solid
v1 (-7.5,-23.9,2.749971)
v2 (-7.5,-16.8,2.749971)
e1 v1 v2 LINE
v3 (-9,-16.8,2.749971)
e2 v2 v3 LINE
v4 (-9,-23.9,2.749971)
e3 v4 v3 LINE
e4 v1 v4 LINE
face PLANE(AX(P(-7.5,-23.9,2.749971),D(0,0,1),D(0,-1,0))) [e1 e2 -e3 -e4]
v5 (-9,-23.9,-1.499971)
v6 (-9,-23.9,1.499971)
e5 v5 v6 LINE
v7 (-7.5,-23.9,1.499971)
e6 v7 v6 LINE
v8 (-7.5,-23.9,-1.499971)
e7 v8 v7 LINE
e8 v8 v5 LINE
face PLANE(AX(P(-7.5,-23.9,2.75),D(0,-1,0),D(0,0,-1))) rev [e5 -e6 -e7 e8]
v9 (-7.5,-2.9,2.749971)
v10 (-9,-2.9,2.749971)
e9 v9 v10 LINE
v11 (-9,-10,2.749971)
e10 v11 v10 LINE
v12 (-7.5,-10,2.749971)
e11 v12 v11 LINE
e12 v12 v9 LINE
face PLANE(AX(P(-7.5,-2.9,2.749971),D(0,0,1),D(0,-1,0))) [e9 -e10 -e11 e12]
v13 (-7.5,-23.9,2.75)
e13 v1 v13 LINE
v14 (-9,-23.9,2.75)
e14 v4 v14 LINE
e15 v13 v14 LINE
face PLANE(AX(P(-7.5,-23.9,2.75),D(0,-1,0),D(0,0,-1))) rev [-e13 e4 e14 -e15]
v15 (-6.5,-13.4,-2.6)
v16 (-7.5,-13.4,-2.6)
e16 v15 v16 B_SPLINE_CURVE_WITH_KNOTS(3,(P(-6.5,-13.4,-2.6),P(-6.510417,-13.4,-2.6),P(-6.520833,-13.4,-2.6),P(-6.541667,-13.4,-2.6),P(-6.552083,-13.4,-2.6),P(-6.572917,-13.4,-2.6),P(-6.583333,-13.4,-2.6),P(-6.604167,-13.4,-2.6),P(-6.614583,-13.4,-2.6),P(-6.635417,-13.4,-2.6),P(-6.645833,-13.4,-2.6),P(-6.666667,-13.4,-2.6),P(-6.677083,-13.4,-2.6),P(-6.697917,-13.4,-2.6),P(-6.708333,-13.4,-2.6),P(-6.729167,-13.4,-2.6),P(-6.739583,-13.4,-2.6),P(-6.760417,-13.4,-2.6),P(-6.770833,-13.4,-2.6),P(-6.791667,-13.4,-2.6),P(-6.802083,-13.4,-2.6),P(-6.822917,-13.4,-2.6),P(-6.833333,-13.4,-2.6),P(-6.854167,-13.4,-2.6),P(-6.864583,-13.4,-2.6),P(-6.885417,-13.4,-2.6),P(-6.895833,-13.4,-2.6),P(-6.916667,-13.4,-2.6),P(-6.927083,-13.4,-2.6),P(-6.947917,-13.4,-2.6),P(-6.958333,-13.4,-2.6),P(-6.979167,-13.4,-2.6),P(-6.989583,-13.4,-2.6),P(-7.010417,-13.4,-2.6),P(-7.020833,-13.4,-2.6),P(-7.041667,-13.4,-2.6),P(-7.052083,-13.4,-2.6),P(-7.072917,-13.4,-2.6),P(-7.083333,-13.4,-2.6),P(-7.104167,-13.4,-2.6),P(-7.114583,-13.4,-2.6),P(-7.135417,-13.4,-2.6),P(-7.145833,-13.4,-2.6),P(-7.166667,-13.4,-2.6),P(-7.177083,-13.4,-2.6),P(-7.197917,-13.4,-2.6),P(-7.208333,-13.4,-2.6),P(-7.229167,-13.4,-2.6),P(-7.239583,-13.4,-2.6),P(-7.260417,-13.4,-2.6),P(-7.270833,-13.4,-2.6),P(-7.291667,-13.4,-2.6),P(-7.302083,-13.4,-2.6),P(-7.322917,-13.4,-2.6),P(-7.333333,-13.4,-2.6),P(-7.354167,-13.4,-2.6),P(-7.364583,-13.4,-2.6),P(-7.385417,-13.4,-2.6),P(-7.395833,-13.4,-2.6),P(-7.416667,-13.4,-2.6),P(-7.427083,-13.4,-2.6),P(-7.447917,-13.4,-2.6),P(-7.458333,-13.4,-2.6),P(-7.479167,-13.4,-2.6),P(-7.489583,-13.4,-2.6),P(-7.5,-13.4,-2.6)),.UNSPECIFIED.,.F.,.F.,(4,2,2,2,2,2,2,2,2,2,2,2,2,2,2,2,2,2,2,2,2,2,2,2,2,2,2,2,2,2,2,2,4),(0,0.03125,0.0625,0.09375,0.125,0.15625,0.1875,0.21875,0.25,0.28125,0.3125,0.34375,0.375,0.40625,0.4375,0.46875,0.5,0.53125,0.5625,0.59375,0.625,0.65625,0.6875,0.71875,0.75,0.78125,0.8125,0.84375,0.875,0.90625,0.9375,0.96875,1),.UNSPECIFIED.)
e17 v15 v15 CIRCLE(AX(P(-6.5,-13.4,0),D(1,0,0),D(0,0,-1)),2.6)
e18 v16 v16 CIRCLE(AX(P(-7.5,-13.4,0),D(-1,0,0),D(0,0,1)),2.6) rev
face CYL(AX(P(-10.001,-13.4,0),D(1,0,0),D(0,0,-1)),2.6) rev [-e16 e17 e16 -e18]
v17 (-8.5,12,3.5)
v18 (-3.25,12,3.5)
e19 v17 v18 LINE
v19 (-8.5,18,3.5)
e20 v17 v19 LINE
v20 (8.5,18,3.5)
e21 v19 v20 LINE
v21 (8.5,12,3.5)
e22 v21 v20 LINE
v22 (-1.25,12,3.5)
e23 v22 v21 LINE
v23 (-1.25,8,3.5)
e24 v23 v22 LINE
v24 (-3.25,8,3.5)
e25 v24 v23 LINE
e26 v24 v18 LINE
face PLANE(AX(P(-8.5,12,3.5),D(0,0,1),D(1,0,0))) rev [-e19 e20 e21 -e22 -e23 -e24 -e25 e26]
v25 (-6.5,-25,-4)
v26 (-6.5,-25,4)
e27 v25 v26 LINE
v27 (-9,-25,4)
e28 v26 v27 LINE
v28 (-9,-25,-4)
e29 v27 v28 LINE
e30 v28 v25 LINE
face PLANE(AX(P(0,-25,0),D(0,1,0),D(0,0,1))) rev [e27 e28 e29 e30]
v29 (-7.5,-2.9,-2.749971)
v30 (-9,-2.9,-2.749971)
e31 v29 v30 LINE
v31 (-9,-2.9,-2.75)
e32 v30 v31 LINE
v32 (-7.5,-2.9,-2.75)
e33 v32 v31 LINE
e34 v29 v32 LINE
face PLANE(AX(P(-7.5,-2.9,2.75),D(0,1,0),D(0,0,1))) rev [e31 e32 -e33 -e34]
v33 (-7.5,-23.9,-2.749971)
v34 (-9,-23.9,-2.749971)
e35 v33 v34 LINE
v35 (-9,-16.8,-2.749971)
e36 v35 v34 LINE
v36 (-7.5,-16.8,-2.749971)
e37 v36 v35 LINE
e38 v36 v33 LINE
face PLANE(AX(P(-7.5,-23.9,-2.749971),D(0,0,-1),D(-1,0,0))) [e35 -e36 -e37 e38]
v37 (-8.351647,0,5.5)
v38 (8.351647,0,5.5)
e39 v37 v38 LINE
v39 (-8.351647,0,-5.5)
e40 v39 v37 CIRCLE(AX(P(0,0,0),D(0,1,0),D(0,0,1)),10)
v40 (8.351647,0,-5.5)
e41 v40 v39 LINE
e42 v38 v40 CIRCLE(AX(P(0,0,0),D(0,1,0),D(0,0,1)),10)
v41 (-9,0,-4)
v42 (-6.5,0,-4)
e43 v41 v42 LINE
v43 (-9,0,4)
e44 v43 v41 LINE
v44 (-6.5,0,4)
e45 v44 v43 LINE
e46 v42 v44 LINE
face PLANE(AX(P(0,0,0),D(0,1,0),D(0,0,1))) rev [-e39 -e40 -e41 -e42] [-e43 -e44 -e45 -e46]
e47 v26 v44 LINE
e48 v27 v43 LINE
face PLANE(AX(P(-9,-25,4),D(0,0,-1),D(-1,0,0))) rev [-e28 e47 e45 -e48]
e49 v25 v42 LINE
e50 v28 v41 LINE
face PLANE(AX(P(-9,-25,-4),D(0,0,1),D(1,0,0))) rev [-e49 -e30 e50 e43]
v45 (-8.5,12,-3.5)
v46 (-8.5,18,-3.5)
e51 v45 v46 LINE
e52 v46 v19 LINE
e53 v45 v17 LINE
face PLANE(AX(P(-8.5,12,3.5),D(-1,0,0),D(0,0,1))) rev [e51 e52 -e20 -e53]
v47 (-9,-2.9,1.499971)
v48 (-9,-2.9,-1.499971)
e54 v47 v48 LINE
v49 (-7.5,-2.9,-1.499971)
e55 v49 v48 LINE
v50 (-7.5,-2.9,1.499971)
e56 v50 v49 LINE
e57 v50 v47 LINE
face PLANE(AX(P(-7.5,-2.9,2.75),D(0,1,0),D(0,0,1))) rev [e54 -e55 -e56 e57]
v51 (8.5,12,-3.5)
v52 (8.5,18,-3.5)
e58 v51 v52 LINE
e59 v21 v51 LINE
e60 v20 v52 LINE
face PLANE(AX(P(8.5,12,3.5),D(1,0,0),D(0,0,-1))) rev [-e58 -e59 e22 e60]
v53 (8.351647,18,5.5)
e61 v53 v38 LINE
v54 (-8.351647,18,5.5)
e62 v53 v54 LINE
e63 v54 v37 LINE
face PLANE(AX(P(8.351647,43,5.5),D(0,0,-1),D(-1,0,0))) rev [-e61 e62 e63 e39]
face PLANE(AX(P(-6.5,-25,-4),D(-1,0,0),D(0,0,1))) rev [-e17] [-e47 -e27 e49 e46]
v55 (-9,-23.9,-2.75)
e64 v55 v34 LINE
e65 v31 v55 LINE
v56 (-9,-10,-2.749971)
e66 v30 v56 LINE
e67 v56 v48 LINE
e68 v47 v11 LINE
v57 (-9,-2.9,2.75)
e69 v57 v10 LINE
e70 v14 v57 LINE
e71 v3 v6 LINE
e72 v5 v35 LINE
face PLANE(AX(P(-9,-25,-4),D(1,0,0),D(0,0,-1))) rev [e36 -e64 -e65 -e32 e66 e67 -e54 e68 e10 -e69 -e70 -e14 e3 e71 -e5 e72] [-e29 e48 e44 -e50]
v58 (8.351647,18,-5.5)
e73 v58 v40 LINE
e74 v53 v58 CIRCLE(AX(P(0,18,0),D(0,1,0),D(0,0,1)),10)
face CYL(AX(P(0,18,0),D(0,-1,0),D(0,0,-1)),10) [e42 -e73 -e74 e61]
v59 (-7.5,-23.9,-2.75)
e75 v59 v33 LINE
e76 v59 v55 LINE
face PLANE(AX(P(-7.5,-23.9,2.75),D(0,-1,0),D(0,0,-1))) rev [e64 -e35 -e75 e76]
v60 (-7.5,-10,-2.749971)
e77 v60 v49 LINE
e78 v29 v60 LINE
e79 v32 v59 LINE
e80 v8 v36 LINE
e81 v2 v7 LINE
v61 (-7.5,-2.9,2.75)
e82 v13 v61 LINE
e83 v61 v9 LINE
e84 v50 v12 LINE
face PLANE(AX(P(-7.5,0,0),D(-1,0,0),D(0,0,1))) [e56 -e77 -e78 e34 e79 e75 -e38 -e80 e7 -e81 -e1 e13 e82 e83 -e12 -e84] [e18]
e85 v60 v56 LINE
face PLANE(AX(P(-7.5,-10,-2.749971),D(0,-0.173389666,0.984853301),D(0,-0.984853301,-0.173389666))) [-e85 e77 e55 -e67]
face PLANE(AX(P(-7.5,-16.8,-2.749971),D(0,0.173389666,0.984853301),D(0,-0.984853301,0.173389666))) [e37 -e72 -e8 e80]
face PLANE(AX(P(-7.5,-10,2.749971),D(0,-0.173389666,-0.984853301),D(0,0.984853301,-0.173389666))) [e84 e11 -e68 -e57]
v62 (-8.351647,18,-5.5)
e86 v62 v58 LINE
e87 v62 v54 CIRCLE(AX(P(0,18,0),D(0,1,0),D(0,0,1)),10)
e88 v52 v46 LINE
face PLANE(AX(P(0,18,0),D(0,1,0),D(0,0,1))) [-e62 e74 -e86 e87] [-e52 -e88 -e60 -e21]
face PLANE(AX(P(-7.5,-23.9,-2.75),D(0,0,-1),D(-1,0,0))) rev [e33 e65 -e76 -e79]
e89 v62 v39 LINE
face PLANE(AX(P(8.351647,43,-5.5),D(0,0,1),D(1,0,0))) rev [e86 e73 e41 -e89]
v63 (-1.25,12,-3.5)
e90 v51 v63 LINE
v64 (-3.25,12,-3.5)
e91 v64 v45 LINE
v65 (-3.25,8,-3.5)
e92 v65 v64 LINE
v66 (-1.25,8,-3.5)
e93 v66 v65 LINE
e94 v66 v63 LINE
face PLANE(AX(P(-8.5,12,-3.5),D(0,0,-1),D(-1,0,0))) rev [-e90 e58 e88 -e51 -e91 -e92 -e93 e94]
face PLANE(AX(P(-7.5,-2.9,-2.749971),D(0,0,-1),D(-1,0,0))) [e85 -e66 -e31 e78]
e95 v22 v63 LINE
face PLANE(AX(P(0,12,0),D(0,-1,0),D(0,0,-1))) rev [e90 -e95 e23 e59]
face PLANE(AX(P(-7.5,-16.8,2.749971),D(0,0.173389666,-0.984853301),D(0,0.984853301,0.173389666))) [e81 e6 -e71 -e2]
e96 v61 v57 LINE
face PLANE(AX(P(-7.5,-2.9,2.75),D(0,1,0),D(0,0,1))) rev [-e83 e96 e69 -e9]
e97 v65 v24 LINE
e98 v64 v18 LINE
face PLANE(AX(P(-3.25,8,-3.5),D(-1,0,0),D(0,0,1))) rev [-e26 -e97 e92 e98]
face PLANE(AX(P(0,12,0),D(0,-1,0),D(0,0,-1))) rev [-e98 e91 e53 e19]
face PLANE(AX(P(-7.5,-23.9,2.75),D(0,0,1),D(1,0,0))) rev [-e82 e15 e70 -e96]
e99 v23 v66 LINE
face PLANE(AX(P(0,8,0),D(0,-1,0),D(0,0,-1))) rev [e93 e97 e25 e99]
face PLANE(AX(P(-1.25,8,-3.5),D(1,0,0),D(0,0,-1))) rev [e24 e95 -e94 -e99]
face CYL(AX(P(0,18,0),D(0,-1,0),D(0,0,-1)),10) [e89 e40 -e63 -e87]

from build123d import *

# Parameters (mm, degrees)
SKETCH3_R           = 10
BOSS_EXTRUDE1_DEPTH = 18
SKETCH4_W           = 2.5
SKETCH4_H           = 8
BOSS_EXTRUDE2_DEPTH = 25
CUT_EXTRUDE1_REACH  = 33.579
SKETCH5_R           = 2.6
SKETCH7_W           = 17
SKETCH7_H           = 7
CUT_EXTRUDE3_DEPTH  = 6
SKETCH8_W           = 2
SKETCH8_H           = 7
CUT_EXTRUDE4_DEPTH  = 4
SKETCH11_W          = 5.5
SKETCH11_H          = 21
CUT_EXTRUDE7_DEPTH  = 1.5
CUT_EXTRUDE5_DEPTH  = 43
BOSS_EXTRUDE3_DEPTH = 1.5


with BuildPart() as part:
    # Sketch3 → Boss-Extrude1 (new body)
    with BuildSketch(Plane(origin=(0, 0, 0), x_dir=(1, 0, 0), z_dir=(0, 1, 0))):
        with Locations(Location((0, 0, 0), (0, 0, 270))):
            Circle(SKETCH3_R)
    extrude(amount=BOSS_EXTRUDE1_DEPTH)

    # Sketch4 → Boss-Extrude2 (add)
    with BuildSketch(Plane(origin=(0, 0, 0), x_dir=(-1, 0, 0), z_dir=(0, -1, 0))):
        with Locations((7.75, 0)):
            Rectangle(SKETCH4_W, SKETCH4_H)
    extrude(amount=BOSS_EXTRUDE2_DEPTH)

    # Sketch5 → Cut-Extrude1 (cut, up to next)
    with BuildSketch(Plane(origin=(-6.5, 0, 0), x_dir=(0, 0, -1), z_dir=(1, 0, 0)), mode=Mode.PRIVATE) as cut_extrude1_sk1:
        with Locations((0, -13.4)):
            Circle(SKETCH5_R)
    cut_extrude1_tool1 = extrude(cut_extrude1_sk1.sketch, amount=-CUT_EXTRUDE1_REACH, mode=Mode.PRIVATE) & part.part
    add(cut_extrude1_tool1.solids().sort_by_distance((-6.5, -13.4, 0))[0], mode=Mode.SUBTRACT)

    # Sketch7 → Cut-Extrude3 (cut)
    with BuildSketch(Plane(origin=(0, 18, 0), x_dir=(1, 0, 0), z_dir=(0, 1, 0))):
        Rectangle(SKETCH7_W, SKETCH7_H)
    extrude(amount=-CUT_EXTRUDE3_DEPTH, mode=Mode.SUBTRACT)

    # Sketch8 → Cut-Extrude4 (cut)
    with BuildSketch(Plane(origin=(0, 12, 0), x_dir=(1, 0, 0), z_dir=(0, 1, 0))):
        with Locations((-2.25, 0)):
            Rectangle(SKETCH8_W, SKETCH8_H)
    extrude(amount=-CUT_EXTRUDE4_DEPTH, mode=Mode.SUBTRACT)

    # Sketch11 → Cut-Extrude7 (cut)
    with BuildSketch(Plane.ZY.offset(9)):
        with Locations((0, -13.4)):
            Rectangle(SKETCH11_W, SKETCH11_H)
    extrude(amount=-CUT_EXTRUDE7_DEPTH, mode=Mode.SUBTRACT)

    # Sketch9 → Cut-Extrude5 (cut)
    with BuildSketch(Plane.XZ):
        with BuildLine():
            Line((8.351646544, -5.5), (-8.351646544, -5.5))
            ThreePointArc((-8.351646544, -5.5), (0, -10), (8.351646544, -5.5))
        make_face()
        with BuildLine():
            Line((8.351646544, 5.5), (-8.351646544, 5.5))
            ThreePointArc((-8.351646544, 5.5), (0, 10), (8.351646544, 5.5))
        make_face()
    extrude(amount=-CUT_EXTRUDE5_DEPTH, mode=Mode.SUBTRACT)

    # Sketch10 → Boss-Extrude3 (add)
    with BuildSketch(Plane.ZY.offset(9)):
        Polygon((-2.749970665, -23.9), (-2.749970665, -16.8), (-1.499970665, -23.9), align=None)
        Polygon((1.499970665, -23.9), (2.749970665, -23.9), (2.749970665, -16.8), align=None)
        Polygon((2.749970665, -2.9), (2.749970665, -10), (1.499970665, -2.9), align=None)
        Polygon((-1.499970665, -2.9), (-2.749970665, -2.9), (-2.749970665, -10), align=None)
    extrude(amount=-BOSS_EXTRUDE3_DEPTH)


solid = part.part
